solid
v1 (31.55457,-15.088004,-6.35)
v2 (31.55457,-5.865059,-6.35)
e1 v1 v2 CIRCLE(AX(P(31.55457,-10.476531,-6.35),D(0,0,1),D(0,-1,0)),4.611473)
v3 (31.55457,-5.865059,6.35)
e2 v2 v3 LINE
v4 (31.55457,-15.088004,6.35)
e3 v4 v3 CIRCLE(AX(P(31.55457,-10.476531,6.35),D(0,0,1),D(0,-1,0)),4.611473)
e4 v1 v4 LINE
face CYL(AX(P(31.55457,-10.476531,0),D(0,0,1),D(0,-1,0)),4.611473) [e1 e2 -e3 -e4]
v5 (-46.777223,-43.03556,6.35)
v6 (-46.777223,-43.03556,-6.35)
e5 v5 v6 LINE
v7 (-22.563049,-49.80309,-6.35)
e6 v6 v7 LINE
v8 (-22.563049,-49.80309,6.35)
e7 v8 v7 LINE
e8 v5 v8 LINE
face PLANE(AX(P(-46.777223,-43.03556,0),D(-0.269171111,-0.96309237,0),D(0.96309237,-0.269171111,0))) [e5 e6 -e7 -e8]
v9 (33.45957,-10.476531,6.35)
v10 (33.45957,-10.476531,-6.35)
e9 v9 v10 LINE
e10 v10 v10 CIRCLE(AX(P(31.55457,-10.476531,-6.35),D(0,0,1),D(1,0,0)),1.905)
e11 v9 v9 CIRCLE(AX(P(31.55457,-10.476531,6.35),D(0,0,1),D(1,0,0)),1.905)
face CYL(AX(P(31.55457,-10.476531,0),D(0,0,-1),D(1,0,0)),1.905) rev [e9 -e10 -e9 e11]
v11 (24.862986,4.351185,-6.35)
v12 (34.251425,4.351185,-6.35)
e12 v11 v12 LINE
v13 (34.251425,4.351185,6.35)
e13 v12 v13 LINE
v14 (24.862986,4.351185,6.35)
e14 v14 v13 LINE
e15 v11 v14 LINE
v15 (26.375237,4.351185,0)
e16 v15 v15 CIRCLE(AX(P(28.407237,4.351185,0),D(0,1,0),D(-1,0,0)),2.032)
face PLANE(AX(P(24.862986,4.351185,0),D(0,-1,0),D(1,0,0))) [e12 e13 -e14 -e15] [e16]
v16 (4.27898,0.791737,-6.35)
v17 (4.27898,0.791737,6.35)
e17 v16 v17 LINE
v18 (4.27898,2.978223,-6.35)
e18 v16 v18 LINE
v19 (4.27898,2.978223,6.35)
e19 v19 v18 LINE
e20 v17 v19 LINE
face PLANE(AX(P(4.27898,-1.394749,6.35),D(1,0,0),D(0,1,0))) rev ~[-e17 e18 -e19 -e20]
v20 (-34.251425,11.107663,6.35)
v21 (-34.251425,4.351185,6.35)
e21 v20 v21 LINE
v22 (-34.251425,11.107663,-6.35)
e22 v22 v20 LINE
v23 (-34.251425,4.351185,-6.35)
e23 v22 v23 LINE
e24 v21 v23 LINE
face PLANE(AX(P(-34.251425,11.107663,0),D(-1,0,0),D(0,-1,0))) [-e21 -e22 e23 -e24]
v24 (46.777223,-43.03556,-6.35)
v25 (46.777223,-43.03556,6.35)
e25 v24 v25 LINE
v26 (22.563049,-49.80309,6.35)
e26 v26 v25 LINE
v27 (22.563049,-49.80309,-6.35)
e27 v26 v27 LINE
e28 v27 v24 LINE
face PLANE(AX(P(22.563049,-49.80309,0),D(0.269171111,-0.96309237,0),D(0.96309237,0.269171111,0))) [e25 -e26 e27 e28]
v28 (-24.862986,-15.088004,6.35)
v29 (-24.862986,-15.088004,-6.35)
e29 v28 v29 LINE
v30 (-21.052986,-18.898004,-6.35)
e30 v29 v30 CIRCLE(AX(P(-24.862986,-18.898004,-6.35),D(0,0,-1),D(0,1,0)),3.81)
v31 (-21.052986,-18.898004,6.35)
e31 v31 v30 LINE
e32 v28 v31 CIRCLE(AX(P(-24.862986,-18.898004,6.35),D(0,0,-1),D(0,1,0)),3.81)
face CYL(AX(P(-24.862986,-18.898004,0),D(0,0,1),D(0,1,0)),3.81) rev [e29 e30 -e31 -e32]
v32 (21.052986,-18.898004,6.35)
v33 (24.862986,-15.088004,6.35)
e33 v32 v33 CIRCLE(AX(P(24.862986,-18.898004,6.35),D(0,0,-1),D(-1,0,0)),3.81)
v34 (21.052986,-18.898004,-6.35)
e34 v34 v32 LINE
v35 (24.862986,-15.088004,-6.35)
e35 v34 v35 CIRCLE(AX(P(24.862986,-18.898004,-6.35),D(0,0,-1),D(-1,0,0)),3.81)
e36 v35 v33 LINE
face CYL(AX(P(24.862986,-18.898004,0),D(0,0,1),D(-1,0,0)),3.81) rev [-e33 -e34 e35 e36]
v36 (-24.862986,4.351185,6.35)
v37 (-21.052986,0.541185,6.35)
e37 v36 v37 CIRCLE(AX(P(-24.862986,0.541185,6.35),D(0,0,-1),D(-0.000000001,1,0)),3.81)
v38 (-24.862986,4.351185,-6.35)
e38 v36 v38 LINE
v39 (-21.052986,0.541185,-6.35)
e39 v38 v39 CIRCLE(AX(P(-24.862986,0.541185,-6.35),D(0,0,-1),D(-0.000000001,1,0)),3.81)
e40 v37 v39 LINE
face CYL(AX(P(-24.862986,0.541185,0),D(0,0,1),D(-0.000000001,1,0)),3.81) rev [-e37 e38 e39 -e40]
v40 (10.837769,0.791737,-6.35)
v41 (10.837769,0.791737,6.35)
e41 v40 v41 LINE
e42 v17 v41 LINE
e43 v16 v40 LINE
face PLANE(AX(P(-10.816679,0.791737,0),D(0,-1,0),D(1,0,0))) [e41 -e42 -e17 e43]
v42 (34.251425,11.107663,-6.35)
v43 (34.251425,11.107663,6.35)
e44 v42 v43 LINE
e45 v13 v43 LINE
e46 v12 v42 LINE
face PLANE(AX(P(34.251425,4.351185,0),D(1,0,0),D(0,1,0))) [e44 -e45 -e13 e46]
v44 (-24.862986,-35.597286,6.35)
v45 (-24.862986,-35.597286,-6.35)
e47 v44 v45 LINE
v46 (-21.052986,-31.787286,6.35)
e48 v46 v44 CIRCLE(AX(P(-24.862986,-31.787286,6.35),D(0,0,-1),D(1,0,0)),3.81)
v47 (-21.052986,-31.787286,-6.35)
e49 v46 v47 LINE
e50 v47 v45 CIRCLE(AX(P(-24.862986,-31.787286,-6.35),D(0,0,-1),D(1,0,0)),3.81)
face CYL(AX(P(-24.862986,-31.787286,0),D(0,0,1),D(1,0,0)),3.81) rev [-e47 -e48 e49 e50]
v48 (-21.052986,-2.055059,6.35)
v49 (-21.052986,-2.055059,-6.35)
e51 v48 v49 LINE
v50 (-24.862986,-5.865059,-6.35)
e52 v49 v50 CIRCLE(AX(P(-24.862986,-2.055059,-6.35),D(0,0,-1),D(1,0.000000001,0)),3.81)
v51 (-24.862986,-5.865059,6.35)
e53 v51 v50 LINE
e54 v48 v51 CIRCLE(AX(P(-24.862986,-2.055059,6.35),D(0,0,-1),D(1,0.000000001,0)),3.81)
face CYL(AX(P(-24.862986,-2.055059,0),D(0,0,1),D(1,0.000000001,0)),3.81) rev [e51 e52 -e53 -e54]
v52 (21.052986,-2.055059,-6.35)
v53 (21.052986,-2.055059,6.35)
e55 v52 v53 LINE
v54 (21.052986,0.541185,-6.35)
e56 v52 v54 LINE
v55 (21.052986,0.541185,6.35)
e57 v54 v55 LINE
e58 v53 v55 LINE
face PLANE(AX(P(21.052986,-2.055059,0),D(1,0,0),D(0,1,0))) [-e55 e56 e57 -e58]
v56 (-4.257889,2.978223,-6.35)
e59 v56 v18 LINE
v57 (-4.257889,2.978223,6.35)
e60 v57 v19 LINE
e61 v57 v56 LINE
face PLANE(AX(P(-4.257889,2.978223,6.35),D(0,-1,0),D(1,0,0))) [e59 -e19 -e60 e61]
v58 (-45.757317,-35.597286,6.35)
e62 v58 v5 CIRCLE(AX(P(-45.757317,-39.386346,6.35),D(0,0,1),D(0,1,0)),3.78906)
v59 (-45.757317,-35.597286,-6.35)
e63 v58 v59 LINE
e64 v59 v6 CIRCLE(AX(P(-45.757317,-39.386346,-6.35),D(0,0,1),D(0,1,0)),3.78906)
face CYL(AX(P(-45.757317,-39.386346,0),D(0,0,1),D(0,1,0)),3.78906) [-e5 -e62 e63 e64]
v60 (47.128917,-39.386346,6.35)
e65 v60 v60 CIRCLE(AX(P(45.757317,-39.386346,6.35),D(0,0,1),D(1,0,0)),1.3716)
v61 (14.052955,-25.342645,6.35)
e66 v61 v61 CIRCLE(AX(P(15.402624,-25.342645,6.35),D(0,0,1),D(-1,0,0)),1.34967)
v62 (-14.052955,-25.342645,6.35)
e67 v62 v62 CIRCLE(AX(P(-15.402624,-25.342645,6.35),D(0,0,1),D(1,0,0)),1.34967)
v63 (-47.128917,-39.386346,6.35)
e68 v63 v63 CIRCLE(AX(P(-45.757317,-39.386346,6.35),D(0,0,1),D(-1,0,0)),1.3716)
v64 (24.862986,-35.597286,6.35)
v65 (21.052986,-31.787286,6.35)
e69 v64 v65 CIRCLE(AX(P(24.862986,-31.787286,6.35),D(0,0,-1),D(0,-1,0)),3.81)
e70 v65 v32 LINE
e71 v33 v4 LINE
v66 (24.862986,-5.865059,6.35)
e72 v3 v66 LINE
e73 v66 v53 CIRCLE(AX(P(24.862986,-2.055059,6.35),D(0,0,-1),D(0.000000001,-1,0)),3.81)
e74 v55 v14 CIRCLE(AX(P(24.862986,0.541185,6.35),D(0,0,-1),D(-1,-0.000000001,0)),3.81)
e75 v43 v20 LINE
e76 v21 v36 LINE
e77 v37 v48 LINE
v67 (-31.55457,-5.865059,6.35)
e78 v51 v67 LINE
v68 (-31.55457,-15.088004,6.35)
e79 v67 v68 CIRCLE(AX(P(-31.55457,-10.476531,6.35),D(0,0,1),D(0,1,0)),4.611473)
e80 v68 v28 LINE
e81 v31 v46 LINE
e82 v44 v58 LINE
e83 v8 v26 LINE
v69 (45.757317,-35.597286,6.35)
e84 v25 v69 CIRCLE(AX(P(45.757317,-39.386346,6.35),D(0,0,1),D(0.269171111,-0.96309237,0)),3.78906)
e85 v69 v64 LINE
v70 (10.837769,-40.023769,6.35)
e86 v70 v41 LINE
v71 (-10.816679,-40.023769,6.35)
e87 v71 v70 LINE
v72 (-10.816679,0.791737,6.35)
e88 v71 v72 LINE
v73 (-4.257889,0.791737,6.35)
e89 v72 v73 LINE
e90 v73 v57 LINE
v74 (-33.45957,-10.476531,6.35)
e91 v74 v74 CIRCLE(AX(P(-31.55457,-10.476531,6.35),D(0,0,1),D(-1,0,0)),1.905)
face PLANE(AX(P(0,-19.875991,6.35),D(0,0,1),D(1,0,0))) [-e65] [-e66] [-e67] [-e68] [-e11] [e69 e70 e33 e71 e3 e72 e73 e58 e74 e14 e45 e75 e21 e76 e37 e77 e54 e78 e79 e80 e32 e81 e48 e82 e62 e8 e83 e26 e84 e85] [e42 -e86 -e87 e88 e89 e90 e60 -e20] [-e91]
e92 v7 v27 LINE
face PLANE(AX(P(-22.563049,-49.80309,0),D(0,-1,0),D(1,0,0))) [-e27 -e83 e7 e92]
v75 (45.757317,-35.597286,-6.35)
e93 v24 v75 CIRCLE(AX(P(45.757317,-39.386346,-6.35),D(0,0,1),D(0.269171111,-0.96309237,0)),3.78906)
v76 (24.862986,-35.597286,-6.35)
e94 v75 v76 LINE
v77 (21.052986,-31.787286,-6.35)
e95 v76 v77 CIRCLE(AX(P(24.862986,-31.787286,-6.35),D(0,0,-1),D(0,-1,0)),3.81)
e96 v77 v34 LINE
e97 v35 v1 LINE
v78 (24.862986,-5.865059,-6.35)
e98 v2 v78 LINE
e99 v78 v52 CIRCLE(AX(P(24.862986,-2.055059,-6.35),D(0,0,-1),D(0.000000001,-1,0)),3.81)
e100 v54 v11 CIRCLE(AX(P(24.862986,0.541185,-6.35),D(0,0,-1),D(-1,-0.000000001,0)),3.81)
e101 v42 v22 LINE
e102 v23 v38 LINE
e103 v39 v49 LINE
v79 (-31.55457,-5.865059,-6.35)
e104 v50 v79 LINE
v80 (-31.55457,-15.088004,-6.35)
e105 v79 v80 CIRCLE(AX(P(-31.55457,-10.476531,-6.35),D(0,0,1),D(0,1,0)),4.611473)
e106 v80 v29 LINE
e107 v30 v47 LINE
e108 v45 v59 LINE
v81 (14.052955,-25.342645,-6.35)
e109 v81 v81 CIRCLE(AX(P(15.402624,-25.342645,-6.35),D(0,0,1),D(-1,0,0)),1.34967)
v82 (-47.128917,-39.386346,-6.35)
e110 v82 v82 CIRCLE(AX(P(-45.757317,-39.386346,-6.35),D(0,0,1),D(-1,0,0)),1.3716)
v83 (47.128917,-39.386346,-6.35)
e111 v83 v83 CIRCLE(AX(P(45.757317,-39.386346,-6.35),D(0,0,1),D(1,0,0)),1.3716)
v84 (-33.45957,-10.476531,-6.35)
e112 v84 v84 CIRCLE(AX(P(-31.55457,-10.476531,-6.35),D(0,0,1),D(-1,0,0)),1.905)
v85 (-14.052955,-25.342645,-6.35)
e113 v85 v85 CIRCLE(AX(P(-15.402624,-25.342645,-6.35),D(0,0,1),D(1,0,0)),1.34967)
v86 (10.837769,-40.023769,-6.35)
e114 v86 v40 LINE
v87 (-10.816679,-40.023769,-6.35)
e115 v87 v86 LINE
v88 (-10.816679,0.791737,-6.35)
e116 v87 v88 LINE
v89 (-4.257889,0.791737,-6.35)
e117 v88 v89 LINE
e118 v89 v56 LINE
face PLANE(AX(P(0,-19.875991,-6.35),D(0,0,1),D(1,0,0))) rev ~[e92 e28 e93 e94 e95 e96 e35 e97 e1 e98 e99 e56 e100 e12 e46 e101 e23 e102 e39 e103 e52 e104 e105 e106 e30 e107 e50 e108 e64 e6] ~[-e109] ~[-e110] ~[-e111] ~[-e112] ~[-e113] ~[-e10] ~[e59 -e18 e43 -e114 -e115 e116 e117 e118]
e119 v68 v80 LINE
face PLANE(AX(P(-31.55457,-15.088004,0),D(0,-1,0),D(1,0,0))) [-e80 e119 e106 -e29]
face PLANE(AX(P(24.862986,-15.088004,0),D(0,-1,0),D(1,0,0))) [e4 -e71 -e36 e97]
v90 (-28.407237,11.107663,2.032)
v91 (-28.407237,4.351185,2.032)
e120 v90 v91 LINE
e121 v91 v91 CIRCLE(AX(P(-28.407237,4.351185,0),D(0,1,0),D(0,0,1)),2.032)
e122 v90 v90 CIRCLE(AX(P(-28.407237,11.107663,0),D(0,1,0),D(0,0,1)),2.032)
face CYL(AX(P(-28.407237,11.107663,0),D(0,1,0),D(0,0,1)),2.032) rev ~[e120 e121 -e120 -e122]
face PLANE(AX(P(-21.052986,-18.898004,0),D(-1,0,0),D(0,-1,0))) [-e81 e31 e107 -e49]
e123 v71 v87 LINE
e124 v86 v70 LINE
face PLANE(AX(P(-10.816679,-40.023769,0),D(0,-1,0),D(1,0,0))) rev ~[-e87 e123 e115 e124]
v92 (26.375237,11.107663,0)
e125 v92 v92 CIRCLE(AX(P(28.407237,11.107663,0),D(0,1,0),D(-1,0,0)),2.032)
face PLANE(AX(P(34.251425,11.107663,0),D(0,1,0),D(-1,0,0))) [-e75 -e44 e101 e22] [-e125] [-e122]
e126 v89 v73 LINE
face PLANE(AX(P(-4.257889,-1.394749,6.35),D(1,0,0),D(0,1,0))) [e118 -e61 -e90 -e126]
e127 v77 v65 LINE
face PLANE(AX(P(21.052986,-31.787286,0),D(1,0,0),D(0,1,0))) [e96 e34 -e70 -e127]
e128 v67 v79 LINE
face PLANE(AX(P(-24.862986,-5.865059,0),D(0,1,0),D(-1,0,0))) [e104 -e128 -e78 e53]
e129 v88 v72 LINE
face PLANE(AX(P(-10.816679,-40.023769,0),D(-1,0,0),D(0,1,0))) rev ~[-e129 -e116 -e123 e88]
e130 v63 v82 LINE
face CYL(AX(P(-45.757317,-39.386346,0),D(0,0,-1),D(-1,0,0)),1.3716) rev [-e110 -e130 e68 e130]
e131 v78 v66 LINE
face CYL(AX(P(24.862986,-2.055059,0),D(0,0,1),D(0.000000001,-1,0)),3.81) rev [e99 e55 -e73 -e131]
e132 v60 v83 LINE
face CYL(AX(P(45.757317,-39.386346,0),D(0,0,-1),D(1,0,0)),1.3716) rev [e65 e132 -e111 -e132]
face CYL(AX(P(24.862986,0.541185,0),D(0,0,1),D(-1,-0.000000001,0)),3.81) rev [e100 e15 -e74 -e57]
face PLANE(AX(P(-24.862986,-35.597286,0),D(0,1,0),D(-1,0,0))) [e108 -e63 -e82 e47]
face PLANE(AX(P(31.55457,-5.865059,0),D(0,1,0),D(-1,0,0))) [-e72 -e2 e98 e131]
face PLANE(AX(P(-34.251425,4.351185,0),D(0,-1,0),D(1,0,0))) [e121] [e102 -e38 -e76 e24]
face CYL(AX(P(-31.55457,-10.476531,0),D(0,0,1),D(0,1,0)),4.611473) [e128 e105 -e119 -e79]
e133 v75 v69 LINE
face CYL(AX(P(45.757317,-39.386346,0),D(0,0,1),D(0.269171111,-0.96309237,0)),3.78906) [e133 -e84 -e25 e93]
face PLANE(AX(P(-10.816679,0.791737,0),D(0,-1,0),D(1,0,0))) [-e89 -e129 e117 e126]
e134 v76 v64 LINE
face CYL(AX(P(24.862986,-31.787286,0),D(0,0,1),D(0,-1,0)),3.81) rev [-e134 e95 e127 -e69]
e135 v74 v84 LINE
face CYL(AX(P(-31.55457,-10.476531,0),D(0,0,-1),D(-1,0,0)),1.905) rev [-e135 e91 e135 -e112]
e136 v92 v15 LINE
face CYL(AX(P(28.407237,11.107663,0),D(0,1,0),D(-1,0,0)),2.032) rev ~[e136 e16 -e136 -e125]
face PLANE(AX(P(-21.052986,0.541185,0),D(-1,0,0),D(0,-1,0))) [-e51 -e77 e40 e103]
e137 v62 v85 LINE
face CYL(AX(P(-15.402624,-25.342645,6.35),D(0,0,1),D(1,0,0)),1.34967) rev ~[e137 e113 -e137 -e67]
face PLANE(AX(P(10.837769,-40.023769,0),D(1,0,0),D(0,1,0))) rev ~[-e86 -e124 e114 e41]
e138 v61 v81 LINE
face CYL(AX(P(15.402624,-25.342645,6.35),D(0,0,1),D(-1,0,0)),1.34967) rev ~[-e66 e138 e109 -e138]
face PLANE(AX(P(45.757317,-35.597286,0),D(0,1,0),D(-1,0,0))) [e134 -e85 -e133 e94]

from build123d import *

# Parameters (mm, degrees)
SKETCH1_R          = 1.3716
SKETCH1_R_2        = 1.905
SKETCH1_W          = 21.654448346
SKETCH1_H          = 40.81550601
EXTRUDE1_DEPTH     = 6.35
SKETCH2_R          = 2.032
EXTRUDE2_DEPTH     = 12.7
SKETCH3_R          = 1.349669532
CUT_EXTRUDE1_DEPTH = 72.389643478
SKETCH4_W          = 8.536869312
SKETCH4_H          = 4.372972384
CUT_EXTRUDE2_DEPTH = 72.389643478


with BuildPart() as part:
    # Sketch1 → Extrude1 (new, symmetric)
    with BuildSketch(Plane.XY):
        with BuildLine():
            Line((22.563049012, -49.803089557), (46.777222737, -43.035560041))
            ThreePointArc((46.777222737, -43.035560041), (49.511252826, -38.871621578), (45.757317366, -35.59728613))
            Line((45.757317366, -35.59728613), (24.862986263, -35.59728613))
            ThreePointArc((24.862986263, -35.59728613), (22.168909426, -34.481362966), (21.052986263, -31.78728613))
            Line((21.052986263, -31.78728613), (21.052986263, -18.898003738))
            ThreePointArc((21.052986263, -18.898003738), (22.168909426, -16.203926902), (24.862986263, -15.088003738))
            Line((24.862986263, -15.088003738), (31.554570289, -15.088003738))
            ThreePointArc((31.554570289, -15.088003738), (36.166042792, -10.476531235), (31.554570289, -5.865058732))
            Line((31.554570289, -5.865058732), (24.862986263, -5.865058732))
            ThreePointArc((24.862986263, -5.865058732), (22.168909426, -4.749135569), (21.052986263, -2.055058732))
            Line((21.052986263, -2.055058732), (21.052986263, 0.541184861))
            ThreePointArc((21.052986263, 0.541184861), (22.168909426, 3.235261698), (24.862986263, 4.351184861))
            Line((24.862986263, 4.351184861), (34.251425283, 4.351184861))
            Line((34.251425283, 4.351184861), (34.251425283, 11.107663069))
            Line((34.251425283, 11.107663069), (-34.251425283, 11.107663069))
            Line((-34.251425283, 11.107663069), (-34.251425283, 4.351184861))
            Line((-34.251425283, 4.351184861), (-24.862986263, 4.351184861))
            ThreePointArc((-24.862986263, 4.351184861), (-22.168909426, 3.235261698), (-21.052986263, 0.541184861))
            Line((-21.052986263, 0.541184861), (-21.052986263, -2.055058732))
            ThreePointArc((-21.052986263, -2.055058732), (-22.168909426, -4.749135569), (-24.862986263, -5.865058732))
            Line((-24.862986263, -5.865058732), (-31.554570289, -5.865058732))
            ThreePointArc((-31.554570289, -5.865058732), (-36.166042792, -10.476531235), (-31.554570289, -15.088003738))
            Line((-31.554570289, -15.088003738), (-24.862986263, -15.088003738))
            ThreePointArc((-24.862986263, -15.088003738), (-22.168909426, -16.203926902), (-21.052986263, -18.898003738))
            Line((-21.052986263, -18.898003738), (-21.052986263, -31.78728613))
            ThreePointArc((-21.052986263, -31.78728613), (-22.168909426, -34.481362966), (-24.862986263, -35.59728613))
            Line((-24.862986263, -35.59728613), (-45.757317366, -35.59728613))
            ThreePointArc((-45.757317366, -35.59728613), (-49.511252826, -38.871621578), (-46.777222737, -43.035560041))
            Line((-46.777222737, -43.035560041), (-22.563049012, -49.803089557))
            Line((-22.563049012, -49.803089557), (22.563049012, -49.803089557))
        make_face()
        with Locations((45.757317366, -39.38634569)):
            Circle(SKETCH1_R, mode=Mode.SUBTRACT)
        with Locations((31.554570289, -10.476531235)):
            Circle(SKETCH1_R_2, mode=Mode.SUBTRACT)
        with Locations(Location((-31.554570289, -10.476531235, 0), (0, 0, 180))):
            Circle(SKETCH1_R_2, mode=Mode.SUBTRACT)
        with Locations(Location((-45.757317366, -39.38634569, 0), (0, 0, 180))):
            Circle(SKETCH1_R, mode=Mode.SUBTRACT)
        with Locations((0.010545216, -19.616016269)):
            Rectangle(SKETCH1_W, SKETCH1_H, mode=Mode.SUBTRACT)
    extrude(amount=EXTRUDE1_DEPTH, both=True)

    # Sketch2 → Extrude2 (cut)
    with BuildSketch(Plane(origin=(0, 11.107663069, 0), x_dir=(1, 0, 0), z_dir=(0, 1, 0))):
        with Locations(Location((28.407237147, 0, 0), (0, 0, 180))):
            Circle(SKETCH2_R)
        with Locations(Location((-28.407237147, 0, 0), (0, 0, 270))):
            Circle(SKETCH2_R)
    extrude(amount=-EXTRUDE2_DEPTH, mode=Mode.SUBTRACT)

    # Sketch3 → Cut-Extrude1 (cut, through all)
    with BuildSketch(Plane.XY.offset(6.35)):
        with Locations((-15.402624173, -25.342644934)):
            Circle(SKETCH3_R)
        with Locations(Location((15.402624173, -25.342644934, 0), (0, 0, 180))):
            Circle(SKETCH3_R)
    extrude(amount=-CUT_EXTRUDE1_DEPTH, mode=Mode.SUBTRACT)

    # Sketch4 → Cut-Extrude2 (cut, through all)
    with BuildSketch(Plane.XY.offset(6.35)):
        with Locations((0.010545216, 0.791736736)):
            Rectangle(SKETCH4_W, SKETCH4_H)
    extrude(amount=-CUT_EXTRUDE2_DEPTH, mode=Mode.SUBTRACT)


solid = part.part
